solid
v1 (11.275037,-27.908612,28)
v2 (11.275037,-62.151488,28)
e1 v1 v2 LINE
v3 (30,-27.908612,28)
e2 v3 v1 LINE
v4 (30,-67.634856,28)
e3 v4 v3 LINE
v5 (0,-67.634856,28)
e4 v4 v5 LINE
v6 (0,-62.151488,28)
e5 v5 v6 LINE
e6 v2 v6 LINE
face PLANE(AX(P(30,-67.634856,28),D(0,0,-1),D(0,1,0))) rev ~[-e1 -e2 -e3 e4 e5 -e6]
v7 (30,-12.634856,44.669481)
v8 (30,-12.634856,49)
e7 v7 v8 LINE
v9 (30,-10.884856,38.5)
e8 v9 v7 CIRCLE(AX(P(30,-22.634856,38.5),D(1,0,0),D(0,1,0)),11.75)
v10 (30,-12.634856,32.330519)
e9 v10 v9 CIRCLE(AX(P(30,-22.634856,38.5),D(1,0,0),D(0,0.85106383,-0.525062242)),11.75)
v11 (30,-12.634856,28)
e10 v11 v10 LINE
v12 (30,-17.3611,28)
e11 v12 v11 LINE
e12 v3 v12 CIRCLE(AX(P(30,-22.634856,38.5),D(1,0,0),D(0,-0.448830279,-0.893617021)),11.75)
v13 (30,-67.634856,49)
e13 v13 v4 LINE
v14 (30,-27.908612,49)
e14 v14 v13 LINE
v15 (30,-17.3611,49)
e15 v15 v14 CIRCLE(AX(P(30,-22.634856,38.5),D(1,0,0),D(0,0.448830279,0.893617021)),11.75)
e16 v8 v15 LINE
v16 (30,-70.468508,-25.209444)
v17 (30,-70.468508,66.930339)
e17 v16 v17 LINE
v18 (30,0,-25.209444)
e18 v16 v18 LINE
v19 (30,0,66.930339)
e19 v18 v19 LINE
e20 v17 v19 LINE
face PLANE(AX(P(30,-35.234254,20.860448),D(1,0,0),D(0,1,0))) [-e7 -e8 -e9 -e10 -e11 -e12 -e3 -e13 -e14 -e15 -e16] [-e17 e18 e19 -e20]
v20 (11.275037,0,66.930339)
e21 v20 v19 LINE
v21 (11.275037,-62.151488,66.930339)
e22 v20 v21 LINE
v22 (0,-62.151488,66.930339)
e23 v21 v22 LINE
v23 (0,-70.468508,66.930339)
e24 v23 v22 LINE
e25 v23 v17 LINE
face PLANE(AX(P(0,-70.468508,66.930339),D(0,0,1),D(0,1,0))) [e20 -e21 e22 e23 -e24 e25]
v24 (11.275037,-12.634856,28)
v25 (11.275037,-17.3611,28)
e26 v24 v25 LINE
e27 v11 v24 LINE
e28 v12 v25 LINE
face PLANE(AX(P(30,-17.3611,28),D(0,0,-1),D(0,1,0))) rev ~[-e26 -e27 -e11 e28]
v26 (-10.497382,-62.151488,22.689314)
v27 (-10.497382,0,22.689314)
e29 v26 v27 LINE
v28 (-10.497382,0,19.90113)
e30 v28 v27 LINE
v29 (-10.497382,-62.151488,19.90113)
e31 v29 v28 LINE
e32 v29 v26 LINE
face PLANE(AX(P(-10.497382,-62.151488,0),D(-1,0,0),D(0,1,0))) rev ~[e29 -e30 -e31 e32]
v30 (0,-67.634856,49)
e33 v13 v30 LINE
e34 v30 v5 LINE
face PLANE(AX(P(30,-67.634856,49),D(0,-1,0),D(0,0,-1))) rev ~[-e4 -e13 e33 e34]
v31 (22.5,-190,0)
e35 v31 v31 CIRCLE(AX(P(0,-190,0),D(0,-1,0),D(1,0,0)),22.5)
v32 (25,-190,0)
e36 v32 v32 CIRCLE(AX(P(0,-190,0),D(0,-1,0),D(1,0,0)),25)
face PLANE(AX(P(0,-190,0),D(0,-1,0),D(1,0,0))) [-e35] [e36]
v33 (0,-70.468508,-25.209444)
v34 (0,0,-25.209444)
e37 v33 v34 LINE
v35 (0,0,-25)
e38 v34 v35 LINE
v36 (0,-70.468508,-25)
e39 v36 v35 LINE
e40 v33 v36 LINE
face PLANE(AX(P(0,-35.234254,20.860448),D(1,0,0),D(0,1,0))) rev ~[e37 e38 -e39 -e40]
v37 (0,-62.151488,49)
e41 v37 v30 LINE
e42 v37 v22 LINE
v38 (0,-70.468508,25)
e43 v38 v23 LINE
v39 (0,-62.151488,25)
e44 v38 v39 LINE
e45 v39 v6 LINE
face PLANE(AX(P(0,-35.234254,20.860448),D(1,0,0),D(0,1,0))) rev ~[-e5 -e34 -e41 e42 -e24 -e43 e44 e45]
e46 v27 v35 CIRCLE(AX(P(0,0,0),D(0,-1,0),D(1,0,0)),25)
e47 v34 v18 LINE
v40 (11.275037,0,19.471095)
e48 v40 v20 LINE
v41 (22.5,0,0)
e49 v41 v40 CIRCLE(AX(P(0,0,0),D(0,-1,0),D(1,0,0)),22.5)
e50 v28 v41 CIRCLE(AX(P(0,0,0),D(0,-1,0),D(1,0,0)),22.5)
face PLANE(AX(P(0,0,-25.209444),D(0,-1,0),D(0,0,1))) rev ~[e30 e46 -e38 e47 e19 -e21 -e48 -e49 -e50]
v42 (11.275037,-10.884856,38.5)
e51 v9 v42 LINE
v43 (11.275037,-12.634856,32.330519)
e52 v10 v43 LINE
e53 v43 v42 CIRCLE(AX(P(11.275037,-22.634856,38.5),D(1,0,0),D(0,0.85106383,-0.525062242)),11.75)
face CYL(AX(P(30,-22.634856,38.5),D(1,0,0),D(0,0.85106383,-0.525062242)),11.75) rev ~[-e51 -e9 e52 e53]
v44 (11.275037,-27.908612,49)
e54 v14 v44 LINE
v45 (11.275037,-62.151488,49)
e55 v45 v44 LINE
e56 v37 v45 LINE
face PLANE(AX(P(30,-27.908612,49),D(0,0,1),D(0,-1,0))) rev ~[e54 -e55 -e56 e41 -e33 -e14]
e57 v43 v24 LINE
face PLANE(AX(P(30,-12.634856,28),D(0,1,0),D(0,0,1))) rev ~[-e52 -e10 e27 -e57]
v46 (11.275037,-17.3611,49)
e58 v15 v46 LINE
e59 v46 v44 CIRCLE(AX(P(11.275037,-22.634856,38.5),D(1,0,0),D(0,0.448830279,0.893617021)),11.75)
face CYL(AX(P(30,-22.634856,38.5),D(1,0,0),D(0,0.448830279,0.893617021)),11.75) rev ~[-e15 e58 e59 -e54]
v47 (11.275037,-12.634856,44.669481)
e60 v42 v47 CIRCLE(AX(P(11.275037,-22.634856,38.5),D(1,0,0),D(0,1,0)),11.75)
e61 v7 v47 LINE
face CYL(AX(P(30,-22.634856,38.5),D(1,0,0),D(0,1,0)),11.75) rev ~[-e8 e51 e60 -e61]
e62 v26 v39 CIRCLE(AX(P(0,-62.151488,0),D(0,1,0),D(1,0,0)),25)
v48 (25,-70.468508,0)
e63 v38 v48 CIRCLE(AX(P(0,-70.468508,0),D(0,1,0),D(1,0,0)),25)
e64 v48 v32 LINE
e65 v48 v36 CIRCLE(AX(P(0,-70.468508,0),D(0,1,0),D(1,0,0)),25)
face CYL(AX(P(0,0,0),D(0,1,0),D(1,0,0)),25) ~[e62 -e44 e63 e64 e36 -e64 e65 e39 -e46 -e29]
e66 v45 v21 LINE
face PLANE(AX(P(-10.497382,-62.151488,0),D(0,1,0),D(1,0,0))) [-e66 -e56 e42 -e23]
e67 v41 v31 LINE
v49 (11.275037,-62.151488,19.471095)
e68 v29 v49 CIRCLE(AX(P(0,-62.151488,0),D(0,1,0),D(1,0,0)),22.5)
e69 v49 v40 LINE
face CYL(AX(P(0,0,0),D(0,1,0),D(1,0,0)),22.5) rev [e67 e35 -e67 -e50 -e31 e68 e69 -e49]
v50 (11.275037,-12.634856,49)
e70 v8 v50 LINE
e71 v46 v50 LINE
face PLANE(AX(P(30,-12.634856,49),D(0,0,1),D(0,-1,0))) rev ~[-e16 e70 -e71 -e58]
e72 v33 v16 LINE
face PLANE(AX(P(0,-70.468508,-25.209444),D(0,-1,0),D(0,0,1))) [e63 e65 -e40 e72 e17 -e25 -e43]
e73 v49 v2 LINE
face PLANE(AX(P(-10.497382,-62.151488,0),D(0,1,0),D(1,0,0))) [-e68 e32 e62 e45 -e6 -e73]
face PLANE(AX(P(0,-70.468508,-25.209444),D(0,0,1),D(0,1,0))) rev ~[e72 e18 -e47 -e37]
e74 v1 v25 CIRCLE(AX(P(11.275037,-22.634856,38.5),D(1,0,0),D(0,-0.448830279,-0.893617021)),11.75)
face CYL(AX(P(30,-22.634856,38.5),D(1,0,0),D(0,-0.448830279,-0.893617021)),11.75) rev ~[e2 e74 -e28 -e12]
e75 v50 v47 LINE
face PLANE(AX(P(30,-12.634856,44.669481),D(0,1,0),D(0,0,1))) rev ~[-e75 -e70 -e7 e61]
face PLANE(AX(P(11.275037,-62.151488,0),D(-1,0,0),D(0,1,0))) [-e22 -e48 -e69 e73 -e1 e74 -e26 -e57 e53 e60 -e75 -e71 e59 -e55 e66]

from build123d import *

# Parameters (mm, degrees)
F0_R     = 25
F0_R_2   = 22.5
F1_DEPTH = 190
F2_W     = 70.4685077071
F2_H     = 92.139782384
F3_DEPTH = 30
F4_R     = 22.5
F5_DEPTH = 100
F6_W     = 21.7724195682
F6_H     = 62.1514879167
F7_DEPTH = 100
F9_DEPTH = 100


with BuildPart() as f1:
    # F0 (on Front) → F1 (new body)
    with BuildSketch(Plane.XZ):
        Circle(F0_R)
        Circle(F0_R_2, mode=Mode.SUBTRACT)
    extrude(amount=F1_DEPTH)

    # F2 (on Right) → F3 (join)
    with BuildSketch(Plane.YZ):
        with Locations((-35.2342538536, 20.8604475483)):
            Rectangle(F2_W, F2_H)
    extrude(amount=F3_DEPTH)

    # F4 (on face) → F5 (cut, symmetric)
    with BuildSketch(Plane.XZ.offset(70.4685077071)):
        Circle(F4_R)
    extrude(amount=F5_DEPTH, both=True, mode=Mode.SUBTRACT)

    # F6 (on Top) → F7 (cut)
    with BuildSketch(Plane.XY):
        with Locations((0.3888274077, -31.0757439584)):
            Rectangle(F6_W, F6_H)
    extrude(amount=F7_DEPTH, mode=Mode.SUBTRACT)

    # F8 (on face) → F9 (cut)
    with BuildSketch(Plane.YZ.offset(30)):
        with BuildLine():
            Line((-27.9086115654, 49), (-67.634855788, 49))
            Line((-67.634855788, 49), (-67.634855788, 38.5))
            Line((-67.634855788, 38.5), (-34.384855788, 38.5))
            ThreePointArc((-34.384855788, 38.5), (-32.6355840211, 44.6683008039), (-27.9086115654, 49))
        make_face()
        with BuildLine():
            ThreePointArc((-17.3611000106, 49), (-22.634855788, 50.25), (-27.9086115654, 49))
            Line((-27.9086115654, 49), (-17.3611000106, 49))
        make_face()
        with BuildLine():
            Line((-17.3611000106, 49), (-27.9086115654, 49))
            ThreePointArc((-27.9086115654, 49), (-32.6355840211, 44.6683008039), (-34.384855788, 38.5))
            Line((-34.384855788, 38.5), (-22.634855788, 38.5))
            Line((-22.634855788, 38.5), (-12.634855788, 38.5))
            Line((-12.634855788, 38.5), (-12.634855788, 44.6694813396))
            ThreePointArc((-12.634855788, 44.6694813396), (-14.696956075, 47.1632700608), (-17.3611000106, 49))
        make_face()
        with BuildLine():
            Line((-34.384855788, 38.5), (-67.634855788, 38.5))
            Line((-67.634855788, 38.5), (-67.634855788, 28))
            Line((-67.634855788, 28), (-27.9086115654, 28))
            ThreePointArc((-27.9086115654, 28), (-32.6355840211, 32.3316991961), (-34.384855788, 38.5))
        make_face()
        with BuildLine():
            Line((-12.634855788, 49), (-17.3611000106, 49))
            ThreePointArc((-17.3611000106, 49), (-14.696956075, 47.1632700608), (-12.634855788, 44.6694813396))
            Line((-12.634855788, 44.6694813396), (-12.634855788, 49))
        make_face()
        with BuildLine():
            Line((-22.634855788, 38.5), (-34.384855788, 38.5))
            ThreePointArc((-34.384855788, 38.5), (-32.6355840211, 32.3316991961), (-27.9086115654, 28))
            Line((-27.9086115654, 28), (-17.3611000106, 28))
            ThreePointArc((-17.3611000106, 28), (-14.696956075, 29.8367299392), (-12.634855788, 32.3305186604))
            Line((-12.634855788, 32.3305186604), (-12.634855788, 38.5))
            Line((-12.634855788, 38.5), (-22.634855788, 38.5))
        make_face()
        with BuildLine():
            ThreePointArc((-10.884855788, 38.5), (-11.3308188984, 41.7064388346), (-12.634855788, 44.6694813396))
            Line((-12.634855788, 44.6694813396), (-12.634855788, 38.5))
            Line((-12.634855788, 38.5), (-10.884855788, 38.5))
        make_face()
        with BuildLine():
            Line((-17.3611000106, 28), (-27.9086115654, 28))
            ThreePointArc((-27.9086115654, 28), (-22.634855788, 26.75), (-17.3611000106, 28))
        make_face()
        with BuildLine():
            Line((-10.884855788, 38.5), (-12.634855788, 38.5))
            Line((-12.634855788, 38.5), (-12.634855788, 32.3305186604))
            ThreePointArc((-12.634855788, 32.3305186604), (-11.3308188984, 35.2935611654), (-10.884855788, 38.5))
        make_face()
        with BuildLine():
            ThreePointArc((-12.634855788, 32.3305186604), (-14.696956075, 29.8367299392), (-17.3611000106, 28))
            Line((-17.3611000106, 28), (-12.634855788, 28))
            Line((-12.634855788, 28), (-12.634855788, 32.3305186604))
        make_face()
    extrude(amount=-F9_DEPTH, mode=Mode.SUBTRACT)


solid = f1.part
